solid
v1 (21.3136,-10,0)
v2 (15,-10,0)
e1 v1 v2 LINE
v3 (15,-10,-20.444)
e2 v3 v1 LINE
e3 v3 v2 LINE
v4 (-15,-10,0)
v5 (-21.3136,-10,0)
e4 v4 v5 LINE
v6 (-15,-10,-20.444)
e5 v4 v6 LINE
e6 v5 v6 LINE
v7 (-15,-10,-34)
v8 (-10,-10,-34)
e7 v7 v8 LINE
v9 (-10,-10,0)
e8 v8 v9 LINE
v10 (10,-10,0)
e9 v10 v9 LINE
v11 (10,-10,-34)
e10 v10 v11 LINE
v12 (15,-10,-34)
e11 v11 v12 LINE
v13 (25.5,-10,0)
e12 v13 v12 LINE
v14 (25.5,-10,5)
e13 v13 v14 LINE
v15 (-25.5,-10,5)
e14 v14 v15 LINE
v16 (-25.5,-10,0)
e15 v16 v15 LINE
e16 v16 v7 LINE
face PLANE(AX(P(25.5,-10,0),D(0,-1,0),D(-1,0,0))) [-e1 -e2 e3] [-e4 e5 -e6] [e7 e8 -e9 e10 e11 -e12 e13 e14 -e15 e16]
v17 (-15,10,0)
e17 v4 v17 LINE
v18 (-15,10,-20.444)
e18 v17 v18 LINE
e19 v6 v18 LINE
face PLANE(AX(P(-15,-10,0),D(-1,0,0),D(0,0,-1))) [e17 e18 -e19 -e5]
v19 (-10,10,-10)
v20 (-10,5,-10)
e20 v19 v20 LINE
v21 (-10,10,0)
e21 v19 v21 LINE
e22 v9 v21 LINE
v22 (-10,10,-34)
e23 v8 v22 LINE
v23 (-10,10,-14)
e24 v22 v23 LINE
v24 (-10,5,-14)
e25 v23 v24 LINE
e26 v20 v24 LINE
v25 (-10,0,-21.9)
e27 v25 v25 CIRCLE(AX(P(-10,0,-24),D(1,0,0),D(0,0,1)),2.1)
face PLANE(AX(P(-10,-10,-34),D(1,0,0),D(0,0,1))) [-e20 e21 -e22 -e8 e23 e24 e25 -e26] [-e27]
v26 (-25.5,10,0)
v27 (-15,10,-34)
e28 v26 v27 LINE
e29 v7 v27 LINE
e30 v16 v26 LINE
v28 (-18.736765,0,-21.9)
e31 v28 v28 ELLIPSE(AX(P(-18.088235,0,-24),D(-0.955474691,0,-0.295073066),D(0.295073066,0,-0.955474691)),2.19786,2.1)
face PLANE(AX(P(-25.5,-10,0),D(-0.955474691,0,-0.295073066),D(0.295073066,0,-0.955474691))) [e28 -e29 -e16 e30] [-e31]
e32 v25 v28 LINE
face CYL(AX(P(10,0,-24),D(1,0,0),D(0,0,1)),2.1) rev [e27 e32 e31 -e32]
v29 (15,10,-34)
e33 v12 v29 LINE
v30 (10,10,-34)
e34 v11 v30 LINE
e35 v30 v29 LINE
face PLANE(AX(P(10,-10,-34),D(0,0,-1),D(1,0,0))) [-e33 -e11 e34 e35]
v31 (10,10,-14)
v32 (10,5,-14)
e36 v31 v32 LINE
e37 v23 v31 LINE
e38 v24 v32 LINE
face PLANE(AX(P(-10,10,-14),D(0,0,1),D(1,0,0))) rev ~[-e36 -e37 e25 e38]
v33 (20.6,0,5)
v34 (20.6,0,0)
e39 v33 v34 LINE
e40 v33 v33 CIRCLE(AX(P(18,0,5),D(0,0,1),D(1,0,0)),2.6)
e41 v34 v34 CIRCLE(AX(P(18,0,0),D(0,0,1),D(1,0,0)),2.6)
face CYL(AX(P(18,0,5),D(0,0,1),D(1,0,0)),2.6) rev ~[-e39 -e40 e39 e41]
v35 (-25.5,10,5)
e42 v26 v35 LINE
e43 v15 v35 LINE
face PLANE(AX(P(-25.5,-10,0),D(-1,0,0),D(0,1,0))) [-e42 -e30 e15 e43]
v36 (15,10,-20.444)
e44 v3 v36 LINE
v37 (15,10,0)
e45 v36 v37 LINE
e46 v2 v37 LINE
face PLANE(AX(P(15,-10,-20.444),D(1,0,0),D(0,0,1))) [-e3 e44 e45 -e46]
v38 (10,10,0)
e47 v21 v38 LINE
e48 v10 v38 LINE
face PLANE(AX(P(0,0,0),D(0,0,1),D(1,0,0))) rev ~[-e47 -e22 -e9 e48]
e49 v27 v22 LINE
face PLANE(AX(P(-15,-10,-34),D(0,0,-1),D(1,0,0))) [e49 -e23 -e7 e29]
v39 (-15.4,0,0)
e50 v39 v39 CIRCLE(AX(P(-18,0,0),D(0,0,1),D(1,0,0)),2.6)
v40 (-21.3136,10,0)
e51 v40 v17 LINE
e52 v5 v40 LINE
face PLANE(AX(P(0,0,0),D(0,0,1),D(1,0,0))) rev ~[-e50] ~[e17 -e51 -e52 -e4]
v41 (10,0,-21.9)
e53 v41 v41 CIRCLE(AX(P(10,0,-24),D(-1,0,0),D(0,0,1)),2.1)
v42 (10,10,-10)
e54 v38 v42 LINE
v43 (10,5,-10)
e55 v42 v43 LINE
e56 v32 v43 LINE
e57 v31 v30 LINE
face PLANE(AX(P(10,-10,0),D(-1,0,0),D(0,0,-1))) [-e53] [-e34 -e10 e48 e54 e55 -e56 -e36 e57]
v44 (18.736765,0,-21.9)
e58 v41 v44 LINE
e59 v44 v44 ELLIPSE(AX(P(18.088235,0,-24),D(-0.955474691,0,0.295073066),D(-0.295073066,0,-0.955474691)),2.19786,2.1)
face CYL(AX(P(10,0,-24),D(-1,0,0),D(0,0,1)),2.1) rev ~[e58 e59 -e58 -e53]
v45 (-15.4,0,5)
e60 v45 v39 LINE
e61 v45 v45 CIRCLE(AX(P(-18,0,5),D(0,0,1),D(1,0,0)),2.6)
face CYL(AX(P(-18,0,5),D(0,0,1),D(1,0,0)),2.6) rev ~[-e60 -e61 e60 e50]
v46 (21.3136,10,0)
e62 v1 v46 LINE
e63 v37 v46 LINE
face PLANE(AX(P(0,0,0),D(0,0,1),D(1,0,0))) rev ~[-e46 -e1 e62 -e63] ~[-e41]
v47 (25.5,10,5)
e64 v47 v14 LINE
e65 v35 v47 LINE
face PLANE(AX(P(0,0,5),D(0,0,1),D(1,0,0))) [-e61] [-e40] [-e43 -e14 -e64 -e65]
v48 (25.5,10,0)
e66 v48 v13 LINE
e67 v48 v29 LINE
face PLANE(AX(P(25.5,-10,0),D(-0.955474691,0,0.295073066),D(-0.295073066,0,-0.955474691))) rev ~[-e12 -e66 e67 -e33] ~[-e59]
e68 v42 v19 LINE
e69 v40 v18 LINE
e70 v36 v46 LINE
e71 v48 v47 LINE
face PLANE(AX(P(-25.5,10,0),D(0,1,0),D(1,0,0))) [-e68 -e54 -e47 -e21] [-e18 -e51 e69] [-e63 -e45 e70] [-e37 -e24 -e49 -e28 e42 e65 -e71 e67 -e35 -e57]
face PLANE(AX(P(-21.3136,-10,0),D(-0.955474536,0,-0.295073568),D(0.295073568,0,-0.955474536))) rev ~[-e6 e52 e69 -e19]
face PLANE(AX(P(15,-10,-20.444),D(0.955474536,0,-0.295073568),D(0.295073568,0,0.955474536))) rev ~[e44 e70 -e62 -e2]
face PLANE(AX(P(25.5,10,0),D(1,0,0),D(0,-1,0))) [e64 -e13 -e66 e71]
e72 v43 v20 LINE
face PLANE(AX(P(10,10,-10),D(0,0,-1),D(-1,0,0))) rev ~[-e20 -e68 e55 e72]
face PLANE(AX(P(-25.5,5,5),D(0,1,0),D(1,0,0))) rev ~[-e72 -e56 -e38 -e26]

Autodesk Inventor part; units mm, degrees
ref_plane "YZ Plane" through (0, 0, 0) normal (1, 0, 0) x (0, 1, 0)
ref_plane "XZ Plane" through (0, 0, 0) normal (0, 1, 0) x (-1, 0, 0)
ref_plane "XY Plane" through (0, 0, 0) normal (0, 0, 1) x (1, 0, 0)
sketch "Sketch1" plane through (0, 0, 0) normal (0, 0, 1) x (1, 0, 0)
  line L0 (-25.5, 10) -> (25.5, 10)
  line L1 (25.5, 10) -> (25.5, -10)
  line L2 (25.5, -10) -> (-25.5, -10)
  line L3 (-25.5, -10) -> (-25.5, 10)
  point P0 (0, 0)
  point P1 (0, 10)
  point P2 (25.5, 0)
  dimension "d0" = 51
  dimension "d1" = 20
extrude "Extrusion1" add sketch "Sketch1" along normal blind 5
sketch "Sketch2" plane through (-25.5, -10, 0) normal (0, -1, 0) x (1, 0, 0)
  line L0 (0, 0) -> (51, 0) projected
  line L1 (10.5, 0) -> (10.5, -34)
  line L2 (10.5, -34) -> (15.5, -34)
  line L3 (15.5, -34) -> (15.5, 0)
  line L4 (35.5, 0) -> (35.5, -34)
  line L5 (35.5, -34) -> (40.5, -34)
  line L6 (40.5, -34) -> (40.5, 0)
  line L7 (15.5, -34) -> (35.5, -34) construction
  line L8 (0, 0) -> (10.5, -34)
  line L9 (4.1864, 0) -> (10.5, -20.444)
  line L10 (51, 0) -> (40.5, -34)
  line L11 (40.5, -20.444) -> (46.8136, 0)
  point P0 (25.5, 0)
  point P1 (25.5, 0)
  point P2 (25.5, -34)
  dimension "d4" = 20
  dimension "d5" = 5
  dimension "d6" = 5
  dimension "d7" = 34
  dimension "d8" = 4
  dimension "d9" = 4
extrude "Extrusion2" add sketch "Sketch2" against normal up to surface (20 mm away) contours L0 L6 L5 L4 | L0 L9 L1 L8 | L1 L0 L3 L2 | L0 L10 L6 L11
sketch "Sketch3" plane through (10, -10, -34) normal (-1, 0, 0) x (0, 0, 1)
  circle A0 centre (10, 10) radius 2.1
  line L0 (0, 0) -> (0, 20) projected
  point P0 (34, 10)
  point P1 (0, 10)
  dimension "d12" = 4.2
  dimension "d13" = 10
extrude "Extrusion3" cut sketch "Sketch3" along normal blind 40 and the other way blind 40
sketch "Sketch4" plane through (-25.5, 10, 5) normal (0, 1, 0) x (1, 0, 0)
  line L0 (35.5, 15) -> (15.5, 15)
  line L1 (15.5, 15) -> (15.5, 19)
  line L2 (15.5, 19) -> (35.5, 19)
  line L3 (35.5, 19) -> (35.5, 15)
  line L4 (10.5, 39) -> (15.5, 39) projected
  point P0 (25.5, 5)
  point P1 (35.5, 5)
  point P2 (15.5, 5)
  dimension "d18" = 20
  dimension "d19" = 4
extrude "Extrusion4" add sketch "Sketch4" against normal blind 5
sketch "Sketch6" plane through (0, 0, 5) normal (0, 0, 1) x (1, 0, 0)
  circle A0 centre (18, 0) radius 2.6
  circle A1 centre (-18, 0) radius 2.6
  point P0 (0, 0)
  dimension "d25" = 5.2
  dimension "d26" = 18
  dimension "d27" = 18
extrude "Extrusion6" cut sketch "Sketch6" against normal blind 5
properties part number "GT2_Holder"
